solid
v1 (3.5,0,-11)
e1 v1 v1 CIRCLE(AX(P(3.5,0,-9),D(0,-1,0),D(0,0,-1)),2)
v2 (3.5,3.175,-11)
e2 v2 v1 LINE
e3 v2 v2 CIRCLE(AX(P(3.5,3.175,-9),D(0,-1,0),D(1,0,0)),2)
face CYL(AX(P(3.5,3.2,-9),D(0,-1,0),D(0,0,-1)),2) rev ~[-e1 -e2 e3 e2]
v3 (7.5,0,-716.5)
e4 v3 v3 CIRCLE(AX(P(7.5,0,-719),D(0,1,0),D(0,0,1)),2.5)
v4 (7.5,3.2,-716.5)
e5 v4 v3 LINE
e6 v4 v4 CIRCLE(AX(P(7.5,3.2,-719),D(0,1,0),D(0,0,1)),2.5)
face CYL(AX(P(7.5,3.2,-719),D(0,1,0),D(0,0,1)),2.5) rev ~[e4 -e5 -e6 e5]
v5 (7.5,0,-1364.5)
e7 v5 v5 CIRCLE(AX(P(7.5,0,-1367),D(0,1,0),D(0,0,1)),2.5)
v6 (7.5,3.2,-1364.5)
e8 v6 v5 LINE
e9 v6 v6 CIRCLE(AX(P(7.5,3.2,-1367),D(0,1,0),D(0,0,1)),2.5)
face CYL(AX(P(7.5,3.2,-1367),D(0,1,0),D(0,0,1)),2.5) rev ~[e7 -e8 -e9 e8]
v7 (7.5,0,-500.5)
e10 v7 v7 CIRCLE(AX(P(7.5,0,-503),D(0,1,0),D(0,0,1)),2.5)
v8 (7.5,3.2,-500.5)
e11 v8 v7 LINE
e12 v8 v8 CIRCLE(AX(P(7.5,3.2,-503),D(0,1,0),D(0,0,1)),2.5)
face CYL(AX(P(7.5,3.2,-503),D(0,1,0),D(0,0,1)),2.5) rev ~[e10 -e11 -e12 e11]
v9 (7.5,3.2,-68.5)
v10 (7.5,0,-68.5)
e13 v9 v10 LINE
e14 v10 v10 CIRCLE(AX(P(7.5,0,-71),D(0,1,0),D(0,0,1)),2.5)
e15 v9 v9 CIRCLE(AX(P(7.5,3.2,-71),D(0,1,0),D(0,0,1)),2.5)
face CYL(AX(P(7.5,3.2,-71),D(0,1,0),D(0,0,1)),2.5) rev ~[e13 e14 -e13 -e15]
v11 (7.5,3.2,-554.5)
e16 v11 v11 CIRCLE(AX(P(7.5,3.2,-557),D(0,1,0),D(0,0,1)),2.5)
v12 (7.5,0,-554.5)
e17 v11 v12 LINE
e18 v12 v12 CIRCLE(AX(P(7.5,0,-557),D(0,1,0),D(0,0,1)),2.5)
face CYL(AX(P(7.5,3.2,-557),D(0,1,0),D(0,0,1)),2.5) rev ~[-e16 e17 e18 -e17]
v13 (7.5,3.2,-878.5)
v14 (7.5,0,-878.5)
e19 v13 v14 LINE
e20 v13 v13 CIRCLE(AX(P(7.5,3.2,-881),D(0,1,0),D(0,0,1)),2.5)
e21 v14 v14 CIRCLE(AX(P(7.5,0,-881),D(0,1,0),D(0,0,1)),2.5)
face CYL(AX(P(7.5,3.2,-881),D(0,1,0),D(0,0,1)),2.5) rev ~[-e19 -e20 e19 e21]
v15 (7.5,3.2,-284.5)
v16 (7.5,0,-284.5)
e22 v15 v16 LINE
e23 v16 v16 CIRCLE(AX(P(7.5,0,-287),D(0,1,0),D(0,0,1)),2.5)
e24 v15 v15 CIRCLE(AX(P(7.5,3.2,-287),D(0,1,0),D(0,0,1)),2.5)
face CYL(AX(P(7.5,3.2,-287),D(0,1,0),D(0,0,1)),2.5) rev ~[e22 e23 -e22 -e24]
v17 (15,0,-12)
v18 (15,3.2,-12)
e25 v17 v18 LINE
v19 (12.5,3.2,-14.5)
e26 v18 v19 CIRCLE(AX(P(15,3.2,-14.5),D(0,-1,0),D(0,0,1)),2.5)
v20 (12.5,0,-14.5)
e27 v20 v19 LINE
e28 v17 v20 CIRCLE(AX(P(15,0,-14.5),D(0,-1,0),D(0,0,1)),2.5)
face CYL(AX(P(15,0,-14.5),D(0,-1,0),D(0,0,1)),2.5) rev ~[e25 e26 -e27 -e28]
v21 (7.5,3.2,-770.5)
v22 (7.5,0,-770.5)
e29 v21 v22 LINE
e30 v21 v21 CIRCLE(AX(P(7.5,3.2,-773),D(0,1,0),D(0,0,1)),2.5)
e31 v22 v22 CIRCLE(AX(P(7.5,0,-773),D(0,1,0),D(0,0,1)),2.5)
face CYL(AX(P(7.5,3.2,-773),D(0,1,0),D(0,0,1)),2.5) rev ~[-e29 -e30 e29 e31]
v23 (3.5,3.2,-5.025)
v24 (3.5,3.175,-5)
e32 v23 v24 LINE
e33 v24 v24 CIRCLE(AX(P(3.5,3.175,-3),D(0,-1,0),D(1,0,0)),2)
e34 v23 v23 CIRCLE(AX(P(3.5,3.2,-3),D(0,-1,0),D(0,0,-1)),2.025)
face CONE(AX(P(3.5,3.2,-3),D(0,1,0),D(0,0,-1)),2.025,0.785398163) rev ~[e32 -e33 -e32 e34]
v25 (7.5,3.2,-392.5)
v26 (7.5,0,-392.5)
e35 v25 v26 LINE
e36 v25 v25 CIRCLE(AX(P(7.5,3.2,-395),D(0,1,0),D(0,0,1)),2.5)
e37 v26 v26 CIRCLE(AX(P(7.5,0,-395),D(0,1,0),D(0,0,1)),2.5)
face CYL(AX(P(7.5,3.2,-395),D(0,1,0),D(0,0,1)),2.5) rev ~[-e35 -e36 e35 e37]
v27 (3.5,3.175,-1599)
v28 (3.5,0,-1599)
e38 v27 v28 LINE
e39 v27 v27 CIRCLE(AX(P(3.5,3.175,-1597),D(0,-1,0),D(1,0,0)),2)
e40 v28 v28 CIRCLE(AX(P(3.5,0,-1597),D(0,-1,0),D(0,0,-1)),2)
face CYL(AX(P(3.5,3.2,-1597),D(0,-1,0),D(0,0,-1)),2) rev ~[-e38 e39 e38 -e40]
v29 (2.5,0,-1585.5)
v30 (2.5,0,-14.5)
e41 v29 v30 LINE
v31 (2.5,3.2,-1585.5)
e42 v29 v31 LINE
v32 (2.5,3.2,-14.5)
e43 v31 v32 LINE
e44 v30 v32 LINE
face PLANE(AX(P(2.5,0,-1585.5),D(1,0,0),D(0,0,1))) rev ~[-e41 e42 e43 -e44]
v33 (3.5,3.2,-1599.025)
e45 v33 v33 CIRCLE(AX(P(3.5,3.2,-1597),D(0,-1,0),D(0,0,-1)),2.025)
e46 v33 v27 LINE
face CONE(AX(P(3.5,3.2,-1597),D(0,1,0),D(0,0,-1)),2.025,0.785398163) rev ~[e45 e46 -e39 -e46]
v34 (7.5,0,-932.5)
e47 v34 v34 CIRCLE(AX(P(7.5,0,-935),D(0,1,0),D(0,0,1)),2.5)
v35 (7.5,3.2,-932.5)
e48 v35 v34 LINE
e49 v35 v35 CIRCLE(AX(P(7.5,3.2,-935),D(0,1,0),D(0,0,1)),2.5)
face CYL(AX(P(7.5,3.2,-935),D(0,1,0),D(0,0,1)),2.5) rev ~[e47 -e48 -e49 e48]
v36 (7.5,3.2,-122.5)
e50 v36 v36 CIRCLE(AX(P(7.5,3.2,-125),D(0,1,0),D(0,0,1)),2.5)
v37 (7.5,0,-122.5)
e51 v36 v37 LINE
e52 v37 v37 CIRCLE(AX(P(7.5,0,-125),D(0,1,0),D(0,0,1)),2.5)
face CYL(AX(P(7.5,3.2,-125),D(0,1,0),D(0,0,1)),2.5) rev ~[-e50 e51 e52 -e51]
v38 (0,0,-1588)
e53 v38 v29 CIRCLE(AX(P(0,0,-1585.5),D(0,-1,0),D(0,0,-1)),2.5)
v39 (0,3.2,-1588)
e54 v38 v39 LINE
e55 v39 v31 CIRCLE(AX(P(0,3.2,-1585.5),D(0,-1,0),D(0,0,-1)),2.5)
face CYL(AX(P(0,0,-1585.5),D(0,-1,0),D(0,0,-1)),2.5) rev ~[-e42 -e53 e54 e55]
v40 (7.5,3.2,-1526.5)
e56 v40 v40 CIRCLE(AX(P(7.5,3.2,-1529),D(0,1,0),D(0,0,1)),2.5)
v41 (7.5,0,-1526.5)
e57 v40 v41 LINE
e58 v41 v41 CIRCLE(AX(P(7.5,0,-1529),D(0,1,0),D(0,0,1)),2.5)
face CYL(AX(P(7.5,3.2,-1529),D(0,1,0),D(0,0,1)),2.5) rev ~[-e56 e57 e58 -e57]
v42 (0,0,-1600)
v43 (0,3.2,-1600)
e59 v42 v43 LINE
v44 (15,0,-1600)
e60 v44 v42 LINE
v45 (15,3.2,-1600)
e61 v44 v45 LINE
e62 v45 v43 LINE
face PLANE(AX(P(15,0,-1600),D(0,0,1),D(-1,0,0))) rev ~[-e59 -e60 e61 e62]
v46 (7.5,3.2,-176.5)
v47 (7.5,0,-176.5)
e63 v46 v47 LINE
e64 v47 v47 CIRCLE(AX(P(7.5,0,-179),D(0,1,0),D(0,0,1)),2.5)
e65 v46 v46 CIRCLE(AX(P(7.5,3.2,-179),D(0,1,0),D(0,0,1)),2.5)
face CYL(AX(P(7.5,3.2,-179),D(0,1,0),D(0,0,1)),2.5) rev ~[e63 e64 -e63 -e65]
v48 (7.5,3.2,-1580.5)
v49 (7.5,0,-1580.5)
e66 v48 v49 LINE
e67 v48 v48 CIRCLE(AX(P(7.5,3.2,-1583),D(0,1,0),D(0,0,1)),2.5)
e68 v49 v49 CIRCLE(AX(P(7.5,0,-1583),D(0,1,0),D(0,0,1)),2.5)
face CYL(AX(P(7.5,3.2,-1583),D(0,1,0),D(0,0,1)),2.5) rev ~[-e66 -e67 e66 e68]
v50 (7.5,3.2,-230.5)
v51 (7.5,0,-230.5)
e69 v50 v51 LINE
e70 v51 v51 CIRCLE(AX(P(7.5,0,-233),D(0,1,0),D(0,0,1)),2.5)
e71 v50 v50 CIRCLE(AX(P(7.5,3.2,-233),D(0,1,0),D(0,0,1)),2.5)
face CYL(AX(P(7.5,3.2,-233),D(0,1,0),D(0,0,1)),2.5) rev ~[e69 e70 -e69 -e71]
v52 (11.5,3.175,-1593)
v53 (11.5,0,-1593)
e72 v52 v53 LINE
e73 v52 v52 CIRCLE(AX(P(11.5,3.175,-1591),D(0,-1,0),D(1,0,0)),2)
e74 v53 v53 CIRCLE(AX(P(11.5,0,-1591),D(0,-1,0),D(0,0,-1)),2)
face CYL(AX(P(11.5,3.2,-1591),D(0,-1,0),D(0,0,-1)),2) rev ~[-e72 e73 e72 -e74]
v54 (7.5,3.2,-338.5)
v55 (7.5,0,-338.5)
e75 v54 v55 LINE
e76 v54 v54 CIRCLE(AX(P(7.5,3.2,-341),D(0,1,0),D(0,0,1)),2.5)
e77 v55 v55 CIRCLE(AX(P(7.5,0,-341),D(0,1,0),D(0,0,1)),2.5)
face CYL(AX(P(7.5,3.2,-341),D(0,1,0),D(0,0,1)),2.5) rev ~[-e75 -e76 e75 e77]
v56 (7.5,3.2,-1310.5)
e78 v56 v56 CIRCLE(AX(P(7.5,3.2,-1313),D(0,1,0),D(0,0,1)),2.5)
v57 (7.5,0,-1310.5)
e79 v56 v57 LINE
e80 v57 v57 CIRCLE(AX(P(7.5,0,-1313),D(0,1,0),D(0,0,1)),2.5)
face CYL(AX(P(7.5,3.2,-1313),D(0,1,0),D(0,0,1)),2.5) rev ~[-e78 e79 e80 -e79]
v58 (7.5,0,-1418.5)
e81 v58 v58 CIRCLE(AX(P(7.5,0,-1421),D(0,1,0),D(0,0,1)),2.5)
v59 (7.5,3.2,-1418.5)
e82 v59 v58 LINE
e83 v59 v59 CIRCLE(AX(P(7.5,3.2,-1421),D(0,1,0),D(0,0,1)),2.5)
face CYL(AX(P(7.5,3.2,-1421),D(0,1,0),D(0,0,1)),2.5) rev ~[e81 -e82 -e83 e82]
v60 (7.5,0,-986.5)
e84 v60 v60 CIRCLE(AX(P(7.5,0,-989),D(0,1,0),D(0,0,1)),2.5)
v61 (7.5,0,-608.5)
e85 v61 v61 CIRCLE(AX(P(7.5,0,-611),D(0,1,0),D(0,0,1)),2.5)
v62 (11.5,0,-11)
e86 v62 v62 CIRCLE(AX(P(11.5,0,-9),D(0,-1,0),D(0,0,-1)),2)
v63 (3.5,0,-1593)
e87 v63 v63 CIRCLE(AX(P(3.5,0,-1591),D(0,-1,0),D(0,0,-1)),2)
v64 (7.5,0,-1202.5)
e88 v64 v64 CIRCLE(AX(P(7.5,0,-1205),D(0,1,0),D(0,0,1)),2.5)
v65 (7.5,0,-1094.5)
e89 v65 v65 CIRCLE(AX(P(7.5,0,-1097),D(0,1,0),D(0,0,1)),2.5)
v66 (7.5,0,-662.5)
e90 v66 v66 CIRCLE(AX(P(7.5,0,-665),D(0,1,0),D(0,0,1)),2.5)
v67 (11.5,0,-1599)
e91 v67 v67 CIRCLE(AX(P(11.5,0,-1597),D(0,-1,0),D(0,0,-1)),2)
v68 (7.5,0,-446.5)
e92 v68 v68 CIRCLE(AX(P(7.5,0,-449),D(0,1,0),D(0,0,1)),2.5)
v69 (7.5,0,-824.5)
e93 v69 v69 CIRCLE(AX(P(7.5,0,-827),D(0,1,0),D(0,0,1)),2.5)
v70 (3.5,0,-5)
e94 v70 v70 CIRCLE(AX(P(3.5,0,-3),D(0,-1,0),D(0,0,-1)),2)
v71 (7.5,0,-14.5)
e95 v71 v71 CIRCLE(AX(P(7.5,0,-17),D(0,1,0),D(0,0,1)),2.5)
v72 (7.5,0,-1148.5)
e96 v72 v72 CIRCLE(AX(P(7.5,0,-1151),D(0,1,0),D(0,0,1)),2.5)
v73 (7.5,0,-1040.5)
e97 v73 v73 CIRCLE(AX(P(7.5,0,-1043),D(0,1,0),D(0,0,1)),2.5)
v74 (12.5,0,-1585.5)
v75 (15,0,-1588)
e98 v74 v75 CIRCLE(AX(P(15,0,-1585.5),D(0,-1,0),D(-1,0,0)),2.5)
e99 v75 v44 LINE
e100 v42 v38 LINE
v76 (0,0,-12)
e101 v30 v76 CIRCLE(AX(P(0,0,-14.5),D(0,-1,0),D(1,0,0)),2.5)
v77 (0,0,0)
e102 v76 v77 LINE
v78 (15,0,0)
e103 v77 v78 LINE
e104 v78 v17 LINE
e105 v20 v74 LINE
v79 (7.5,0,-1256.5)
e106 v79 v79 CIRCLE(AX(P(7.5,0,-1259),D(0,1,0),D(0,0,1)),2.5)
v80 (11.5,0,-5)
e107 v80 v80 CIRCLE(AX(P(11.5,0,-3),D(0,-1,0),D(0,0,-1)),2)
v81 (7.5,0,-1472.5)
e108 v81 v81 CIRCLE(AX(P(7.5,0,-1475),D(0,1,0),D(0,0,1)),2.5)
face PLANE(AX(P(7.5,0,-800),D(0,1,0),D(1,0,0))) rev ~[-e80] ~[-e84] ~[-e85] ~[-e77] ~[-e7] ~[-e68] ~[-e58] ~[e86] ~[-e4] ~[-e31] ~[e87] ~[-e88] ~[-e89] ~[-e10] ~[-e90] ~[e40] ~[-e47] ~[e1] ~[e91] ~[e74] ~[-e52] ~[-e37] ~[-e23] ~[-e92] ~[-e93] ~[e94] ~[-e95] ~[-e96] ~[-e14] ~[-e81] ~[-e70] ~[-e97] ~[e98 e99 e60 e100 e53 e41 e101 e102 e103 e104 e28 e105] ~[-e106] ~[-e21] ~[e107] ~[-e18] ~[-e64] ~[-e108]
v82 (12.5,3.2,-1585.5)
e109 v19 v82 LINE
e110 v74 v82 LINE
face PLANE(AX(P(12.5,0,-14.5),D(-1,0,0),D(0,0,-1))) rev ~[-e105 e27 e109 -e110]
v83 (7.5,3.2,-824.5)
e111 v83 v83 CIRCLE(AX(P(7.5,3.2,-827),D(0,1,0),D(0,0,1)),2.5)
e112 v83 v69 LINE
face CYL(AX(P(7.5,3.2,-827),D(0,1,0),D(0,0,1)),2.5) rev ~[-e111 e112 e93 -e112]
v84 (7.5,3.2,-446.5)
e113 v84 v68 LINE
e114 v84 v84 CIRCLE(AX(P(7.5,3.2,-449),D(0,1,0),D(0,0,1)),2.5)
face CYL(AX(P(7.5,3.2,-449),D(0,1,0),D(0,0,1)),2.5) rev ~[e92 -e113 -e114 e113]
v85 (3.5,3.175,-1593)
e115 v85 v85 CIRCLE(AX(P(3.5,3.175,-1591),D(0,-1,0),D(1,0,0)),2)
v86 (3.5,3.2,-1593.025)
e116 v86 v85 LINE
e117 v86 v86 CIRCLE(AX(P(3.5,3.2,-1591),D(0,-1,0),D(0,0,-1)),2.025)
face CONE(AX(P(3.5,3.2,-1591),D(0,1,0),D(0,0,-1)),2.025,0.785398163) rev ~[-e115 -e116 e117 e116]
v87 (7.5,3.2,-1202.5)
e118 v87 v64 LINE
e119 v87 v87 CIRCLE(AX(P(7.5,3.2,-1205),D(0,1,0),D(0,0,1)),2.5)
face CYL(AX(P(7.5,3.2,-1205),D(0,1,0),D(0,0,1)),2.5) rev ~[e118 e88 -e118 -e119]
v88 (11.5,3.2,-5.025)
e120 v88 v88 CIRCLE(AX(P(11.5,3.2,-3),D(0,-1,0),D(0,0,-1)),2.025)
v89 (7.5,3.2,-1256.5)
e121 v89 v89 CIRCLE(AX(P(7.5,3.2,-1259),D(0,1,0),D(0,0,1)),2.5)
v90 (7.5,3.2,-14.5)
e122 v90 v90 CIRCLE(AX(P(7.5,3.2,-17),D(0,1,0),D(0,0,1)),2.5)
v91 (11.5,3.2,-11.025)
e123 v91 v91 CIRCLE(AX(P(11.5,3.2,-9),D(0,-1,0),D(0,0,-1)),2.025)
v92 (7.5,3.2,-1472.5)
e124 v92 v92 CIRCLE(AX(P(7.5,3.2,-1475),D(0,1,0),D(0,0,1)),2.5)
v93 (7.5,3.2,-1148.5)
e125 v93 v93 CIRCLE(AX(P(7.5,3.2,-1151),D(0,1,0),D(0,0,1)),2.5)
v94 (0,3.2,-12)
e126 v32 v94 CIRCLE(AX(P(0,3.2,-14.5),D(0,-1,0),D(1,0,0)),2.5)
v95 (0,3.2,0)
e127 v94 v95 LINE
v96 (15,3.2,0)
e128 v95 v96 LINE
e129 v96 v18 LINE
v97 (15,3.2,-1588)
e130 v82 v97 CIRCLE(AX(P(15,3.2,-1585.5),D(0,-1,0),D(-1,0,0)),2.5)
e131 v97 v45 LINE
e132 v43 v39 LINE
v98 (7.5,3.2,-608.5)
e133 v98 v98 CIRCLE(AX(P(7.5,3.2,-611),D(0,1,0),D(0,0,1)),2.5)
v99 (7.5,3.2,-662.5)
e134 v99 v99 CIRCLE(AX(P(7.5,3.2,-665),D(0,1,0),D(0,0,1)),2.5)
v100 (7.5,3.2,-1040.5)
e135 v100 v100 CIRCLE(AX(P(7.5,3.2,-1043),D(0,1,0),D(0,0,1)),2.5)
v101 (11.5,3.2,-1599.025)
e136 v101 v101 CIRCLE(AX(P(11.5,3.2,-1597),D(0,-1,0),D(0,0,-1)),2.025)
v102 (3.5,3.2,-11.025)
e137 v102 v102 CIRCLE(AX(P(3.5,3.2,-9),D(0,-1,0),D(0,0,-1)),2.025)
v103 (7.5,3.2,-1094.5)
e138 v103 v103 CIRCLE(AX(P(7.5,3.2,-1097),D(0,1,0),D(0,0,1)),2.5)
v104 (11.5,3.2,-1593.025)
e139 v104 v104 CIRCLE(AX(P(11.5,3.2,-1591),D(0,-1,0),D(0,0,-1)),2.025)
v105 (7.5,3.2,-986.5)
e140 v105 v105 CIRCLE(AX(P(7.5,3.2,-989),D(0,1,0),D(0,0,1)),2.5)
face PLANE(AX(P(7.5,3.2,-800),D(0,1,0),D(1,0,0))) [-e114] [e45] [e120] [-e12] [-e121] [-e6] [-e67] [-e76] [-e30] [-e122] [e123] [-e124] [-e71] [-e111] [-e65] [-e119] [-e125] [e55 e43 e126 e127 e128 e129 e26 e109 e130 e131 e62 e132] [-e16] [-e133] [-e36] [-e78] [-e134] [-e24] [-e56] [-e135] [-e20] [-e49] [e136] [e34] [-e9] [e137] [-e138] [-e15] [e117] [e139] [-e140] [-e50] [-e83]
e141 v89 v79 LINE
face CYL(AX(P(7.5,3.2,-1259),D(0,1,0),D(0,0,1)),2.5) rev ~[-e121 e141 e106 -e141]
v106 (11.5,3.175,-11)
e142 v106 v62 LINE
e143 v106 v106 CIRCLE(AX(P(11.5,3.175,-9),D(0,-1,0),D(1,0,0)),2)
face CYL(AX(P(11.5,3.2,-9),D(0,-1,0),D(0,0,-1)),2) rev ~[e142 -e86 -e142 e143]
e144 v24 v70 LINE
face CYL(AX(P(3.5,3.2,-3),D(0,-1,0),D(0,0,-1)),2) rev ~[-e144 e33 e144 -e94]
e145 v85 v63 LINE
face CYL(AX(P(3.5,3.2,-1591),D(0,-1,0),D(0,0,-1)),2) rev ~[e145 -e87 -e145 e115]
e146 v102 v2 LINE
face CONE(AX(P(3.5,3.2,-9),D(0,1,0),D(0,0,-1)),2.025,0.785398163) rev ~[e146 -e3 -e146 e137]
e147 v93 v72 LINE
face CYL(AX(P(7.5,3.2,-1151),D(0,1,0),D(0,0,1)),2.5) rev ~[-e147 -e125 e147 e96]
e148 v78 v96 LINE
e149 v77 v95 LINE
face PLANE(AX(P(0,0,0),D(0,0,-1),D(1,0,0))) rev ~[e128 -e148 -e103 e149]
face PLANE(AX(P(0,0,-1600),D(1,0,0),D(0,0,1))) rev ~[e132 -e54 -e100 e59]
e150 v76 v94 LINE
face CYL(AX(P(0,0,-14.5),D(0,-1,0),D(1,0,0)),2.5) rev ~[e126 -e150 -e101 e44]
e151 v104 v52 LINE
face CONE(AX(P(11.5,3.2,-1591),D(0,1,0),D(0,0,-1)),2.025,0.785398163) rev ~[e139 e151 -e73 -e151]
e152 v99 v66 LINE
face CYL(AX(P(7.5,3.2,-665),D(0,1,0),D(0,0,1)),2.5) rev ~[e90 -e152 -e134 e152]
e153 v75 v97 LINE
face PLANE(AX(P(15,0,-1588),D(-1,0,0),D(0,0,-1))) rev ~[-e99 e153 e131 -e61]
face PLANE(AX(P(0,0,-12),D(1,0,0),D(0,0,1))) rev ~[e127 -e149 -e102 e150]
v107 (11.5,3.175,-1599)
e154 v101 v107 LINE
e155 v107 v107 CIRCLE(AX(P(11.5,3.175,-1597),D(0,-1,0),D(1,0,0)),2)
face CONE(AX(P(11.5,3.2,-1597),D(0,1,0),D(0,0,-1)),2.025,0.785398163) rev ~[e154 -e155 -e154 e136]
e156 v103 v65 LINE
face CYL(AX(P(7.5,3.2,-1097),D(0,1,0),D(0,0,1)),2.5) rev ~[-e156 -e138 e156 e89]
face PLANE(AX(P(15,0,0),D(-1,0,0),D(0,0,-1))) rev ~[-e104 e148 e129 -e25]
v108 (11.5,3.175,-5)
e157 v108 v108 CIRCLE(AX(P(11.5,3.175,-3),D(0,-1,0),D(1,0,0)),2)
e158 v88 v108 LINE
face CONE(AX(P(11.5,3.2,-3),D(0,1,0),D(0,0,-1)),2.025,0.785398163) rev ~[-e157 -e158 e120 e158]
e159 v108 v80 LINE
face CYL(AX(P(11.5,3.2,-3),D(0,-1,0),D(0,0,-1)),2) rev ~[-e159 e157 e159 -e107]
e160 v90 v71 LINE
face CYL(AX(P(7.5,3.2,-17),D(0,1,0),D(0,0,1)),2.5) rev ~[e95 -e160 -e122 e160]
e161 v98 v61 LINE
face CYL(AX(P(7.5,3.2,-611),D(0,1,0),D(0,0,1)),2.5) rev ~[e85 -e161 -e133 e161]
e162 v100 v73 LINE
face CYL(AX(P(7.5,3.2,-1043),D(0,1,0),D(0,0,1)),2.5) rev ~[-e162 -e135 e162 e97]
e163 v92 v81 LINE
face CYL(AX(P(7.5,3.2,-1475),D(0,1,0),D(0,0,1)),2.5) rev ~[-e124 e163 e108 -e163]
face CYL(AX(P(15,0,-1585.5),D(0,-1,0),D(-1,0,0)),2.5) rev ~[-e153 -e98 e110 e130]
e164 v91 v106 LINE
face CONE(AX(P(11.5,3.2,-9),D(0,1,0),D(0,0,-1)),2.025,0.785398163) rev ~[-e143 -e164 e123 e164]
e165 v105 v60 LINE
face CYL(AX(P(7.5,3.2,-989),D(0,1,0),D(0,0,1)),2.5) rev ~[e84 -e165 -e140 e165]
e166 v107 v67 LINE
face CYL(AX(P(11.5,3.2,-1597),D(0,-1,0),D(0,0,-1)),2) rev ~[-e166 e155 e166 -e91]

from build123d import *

# Parameters (mm, degrees)
BOSS_EXTRUDE1_DEPTH             = 3.2
SKETCH2_R                       = 2.5
CUT_EXTRUDE1_DEPTH              = 1601.073510811
F_4_0MM_DOWEL_HOLE1_D           = 4
F_4_0MM_DOWEL_HOLE1_CSINK_D     = 4.05
F_4_0MM_DOWEL_HOLE1_CSINK_ANGLE = 90
LPATTERN2_COUNT                 = 30
LPATTERN2_PITCH                 = 54


with BuildPart() as part:
    # Sketch1 → Boss-Extrude1 (new body)
    with BuildSketch(Plane(origin=(0, 0, 0), x_dir=(1, 0, 0), z_dir=(0, 1, 0))):
        with BuildLine():
            Line((0, 12), (0, 0))
            Line((0, 0), (15, 0))
            Line((15, 0), (15, 12))
            ThreePointArc((15, 12), (13.232233047, 12.732233047), (12.5, 14.5))
            Line((12.5, 14.5), (12.5, 1585.5))
            ThreePointArc((12.5, 1585.5), (13.232233047, 1587.267766953), (15, 1588))
            Line((15, 1588), (15, 1600))
            Line((15, 1600), (0, 1600))
            Line((0, 1600), (0, 1588))
            ThreePointArc((0, 1588), (1.767766953, 1587.267766953), (2.5, 1585.5))
            Line((2.5, 1585.5), (2.5, 14.5))
            ThreePointArc((2.5, 14.5), (1.767766953, 12.732233047), (0, 12))
        make_face()
    extrude(amount=BOSS_EXTRUDE1_DEPTH)

    # Sketch2 → Cut-Extrude1 (cut, through all)
    with BuildSketch(Plane(origin=(0, 3.2, 0), x_dir=(1, 0, 0), z_dir=(0, 1, 0))):
        with Locations(Location((7.5, 17, 0), (0, 0, 270))):
            Circle(SKETCH2_R)
    cut_extrude1 = extrude(amount=-CUT_EXTRUDE1_DEPTH, mode=Mode.SUBTRACT)

    # Ø4.0mm Dowel Hole1 (through all)
    with Locations(Plane(origin=(11.5, 3.2, -1591), x_dir=(0, 0, 1), z_dir=(0, 1, 0))):
        with Locations((0, 0), (0, -8), (-6, -8), (-6, 0), (1582, -8), (1588, -8), (1582, 0), (1588, 0)):
            CounterSinkHole(F_4_0MM_DOWEL_HOLE1_D / 2, F_4_0MM_DOWEL_HOLE1_CSINK_D / 2, counter_sink_angle=F_4_0MM_DOWEL_HOLE1_CSINK_ANGLE)

    # LPattern2: Cut-Extrude1 ×30
    with Locations(*[(0, 0, -i * LPATTERN2_PITCH) for i in range(1, LPATTERN2_COUNT)]):
        add(cut_extrude1, mode=Mode.SUBTRACT)


solid = part.part
